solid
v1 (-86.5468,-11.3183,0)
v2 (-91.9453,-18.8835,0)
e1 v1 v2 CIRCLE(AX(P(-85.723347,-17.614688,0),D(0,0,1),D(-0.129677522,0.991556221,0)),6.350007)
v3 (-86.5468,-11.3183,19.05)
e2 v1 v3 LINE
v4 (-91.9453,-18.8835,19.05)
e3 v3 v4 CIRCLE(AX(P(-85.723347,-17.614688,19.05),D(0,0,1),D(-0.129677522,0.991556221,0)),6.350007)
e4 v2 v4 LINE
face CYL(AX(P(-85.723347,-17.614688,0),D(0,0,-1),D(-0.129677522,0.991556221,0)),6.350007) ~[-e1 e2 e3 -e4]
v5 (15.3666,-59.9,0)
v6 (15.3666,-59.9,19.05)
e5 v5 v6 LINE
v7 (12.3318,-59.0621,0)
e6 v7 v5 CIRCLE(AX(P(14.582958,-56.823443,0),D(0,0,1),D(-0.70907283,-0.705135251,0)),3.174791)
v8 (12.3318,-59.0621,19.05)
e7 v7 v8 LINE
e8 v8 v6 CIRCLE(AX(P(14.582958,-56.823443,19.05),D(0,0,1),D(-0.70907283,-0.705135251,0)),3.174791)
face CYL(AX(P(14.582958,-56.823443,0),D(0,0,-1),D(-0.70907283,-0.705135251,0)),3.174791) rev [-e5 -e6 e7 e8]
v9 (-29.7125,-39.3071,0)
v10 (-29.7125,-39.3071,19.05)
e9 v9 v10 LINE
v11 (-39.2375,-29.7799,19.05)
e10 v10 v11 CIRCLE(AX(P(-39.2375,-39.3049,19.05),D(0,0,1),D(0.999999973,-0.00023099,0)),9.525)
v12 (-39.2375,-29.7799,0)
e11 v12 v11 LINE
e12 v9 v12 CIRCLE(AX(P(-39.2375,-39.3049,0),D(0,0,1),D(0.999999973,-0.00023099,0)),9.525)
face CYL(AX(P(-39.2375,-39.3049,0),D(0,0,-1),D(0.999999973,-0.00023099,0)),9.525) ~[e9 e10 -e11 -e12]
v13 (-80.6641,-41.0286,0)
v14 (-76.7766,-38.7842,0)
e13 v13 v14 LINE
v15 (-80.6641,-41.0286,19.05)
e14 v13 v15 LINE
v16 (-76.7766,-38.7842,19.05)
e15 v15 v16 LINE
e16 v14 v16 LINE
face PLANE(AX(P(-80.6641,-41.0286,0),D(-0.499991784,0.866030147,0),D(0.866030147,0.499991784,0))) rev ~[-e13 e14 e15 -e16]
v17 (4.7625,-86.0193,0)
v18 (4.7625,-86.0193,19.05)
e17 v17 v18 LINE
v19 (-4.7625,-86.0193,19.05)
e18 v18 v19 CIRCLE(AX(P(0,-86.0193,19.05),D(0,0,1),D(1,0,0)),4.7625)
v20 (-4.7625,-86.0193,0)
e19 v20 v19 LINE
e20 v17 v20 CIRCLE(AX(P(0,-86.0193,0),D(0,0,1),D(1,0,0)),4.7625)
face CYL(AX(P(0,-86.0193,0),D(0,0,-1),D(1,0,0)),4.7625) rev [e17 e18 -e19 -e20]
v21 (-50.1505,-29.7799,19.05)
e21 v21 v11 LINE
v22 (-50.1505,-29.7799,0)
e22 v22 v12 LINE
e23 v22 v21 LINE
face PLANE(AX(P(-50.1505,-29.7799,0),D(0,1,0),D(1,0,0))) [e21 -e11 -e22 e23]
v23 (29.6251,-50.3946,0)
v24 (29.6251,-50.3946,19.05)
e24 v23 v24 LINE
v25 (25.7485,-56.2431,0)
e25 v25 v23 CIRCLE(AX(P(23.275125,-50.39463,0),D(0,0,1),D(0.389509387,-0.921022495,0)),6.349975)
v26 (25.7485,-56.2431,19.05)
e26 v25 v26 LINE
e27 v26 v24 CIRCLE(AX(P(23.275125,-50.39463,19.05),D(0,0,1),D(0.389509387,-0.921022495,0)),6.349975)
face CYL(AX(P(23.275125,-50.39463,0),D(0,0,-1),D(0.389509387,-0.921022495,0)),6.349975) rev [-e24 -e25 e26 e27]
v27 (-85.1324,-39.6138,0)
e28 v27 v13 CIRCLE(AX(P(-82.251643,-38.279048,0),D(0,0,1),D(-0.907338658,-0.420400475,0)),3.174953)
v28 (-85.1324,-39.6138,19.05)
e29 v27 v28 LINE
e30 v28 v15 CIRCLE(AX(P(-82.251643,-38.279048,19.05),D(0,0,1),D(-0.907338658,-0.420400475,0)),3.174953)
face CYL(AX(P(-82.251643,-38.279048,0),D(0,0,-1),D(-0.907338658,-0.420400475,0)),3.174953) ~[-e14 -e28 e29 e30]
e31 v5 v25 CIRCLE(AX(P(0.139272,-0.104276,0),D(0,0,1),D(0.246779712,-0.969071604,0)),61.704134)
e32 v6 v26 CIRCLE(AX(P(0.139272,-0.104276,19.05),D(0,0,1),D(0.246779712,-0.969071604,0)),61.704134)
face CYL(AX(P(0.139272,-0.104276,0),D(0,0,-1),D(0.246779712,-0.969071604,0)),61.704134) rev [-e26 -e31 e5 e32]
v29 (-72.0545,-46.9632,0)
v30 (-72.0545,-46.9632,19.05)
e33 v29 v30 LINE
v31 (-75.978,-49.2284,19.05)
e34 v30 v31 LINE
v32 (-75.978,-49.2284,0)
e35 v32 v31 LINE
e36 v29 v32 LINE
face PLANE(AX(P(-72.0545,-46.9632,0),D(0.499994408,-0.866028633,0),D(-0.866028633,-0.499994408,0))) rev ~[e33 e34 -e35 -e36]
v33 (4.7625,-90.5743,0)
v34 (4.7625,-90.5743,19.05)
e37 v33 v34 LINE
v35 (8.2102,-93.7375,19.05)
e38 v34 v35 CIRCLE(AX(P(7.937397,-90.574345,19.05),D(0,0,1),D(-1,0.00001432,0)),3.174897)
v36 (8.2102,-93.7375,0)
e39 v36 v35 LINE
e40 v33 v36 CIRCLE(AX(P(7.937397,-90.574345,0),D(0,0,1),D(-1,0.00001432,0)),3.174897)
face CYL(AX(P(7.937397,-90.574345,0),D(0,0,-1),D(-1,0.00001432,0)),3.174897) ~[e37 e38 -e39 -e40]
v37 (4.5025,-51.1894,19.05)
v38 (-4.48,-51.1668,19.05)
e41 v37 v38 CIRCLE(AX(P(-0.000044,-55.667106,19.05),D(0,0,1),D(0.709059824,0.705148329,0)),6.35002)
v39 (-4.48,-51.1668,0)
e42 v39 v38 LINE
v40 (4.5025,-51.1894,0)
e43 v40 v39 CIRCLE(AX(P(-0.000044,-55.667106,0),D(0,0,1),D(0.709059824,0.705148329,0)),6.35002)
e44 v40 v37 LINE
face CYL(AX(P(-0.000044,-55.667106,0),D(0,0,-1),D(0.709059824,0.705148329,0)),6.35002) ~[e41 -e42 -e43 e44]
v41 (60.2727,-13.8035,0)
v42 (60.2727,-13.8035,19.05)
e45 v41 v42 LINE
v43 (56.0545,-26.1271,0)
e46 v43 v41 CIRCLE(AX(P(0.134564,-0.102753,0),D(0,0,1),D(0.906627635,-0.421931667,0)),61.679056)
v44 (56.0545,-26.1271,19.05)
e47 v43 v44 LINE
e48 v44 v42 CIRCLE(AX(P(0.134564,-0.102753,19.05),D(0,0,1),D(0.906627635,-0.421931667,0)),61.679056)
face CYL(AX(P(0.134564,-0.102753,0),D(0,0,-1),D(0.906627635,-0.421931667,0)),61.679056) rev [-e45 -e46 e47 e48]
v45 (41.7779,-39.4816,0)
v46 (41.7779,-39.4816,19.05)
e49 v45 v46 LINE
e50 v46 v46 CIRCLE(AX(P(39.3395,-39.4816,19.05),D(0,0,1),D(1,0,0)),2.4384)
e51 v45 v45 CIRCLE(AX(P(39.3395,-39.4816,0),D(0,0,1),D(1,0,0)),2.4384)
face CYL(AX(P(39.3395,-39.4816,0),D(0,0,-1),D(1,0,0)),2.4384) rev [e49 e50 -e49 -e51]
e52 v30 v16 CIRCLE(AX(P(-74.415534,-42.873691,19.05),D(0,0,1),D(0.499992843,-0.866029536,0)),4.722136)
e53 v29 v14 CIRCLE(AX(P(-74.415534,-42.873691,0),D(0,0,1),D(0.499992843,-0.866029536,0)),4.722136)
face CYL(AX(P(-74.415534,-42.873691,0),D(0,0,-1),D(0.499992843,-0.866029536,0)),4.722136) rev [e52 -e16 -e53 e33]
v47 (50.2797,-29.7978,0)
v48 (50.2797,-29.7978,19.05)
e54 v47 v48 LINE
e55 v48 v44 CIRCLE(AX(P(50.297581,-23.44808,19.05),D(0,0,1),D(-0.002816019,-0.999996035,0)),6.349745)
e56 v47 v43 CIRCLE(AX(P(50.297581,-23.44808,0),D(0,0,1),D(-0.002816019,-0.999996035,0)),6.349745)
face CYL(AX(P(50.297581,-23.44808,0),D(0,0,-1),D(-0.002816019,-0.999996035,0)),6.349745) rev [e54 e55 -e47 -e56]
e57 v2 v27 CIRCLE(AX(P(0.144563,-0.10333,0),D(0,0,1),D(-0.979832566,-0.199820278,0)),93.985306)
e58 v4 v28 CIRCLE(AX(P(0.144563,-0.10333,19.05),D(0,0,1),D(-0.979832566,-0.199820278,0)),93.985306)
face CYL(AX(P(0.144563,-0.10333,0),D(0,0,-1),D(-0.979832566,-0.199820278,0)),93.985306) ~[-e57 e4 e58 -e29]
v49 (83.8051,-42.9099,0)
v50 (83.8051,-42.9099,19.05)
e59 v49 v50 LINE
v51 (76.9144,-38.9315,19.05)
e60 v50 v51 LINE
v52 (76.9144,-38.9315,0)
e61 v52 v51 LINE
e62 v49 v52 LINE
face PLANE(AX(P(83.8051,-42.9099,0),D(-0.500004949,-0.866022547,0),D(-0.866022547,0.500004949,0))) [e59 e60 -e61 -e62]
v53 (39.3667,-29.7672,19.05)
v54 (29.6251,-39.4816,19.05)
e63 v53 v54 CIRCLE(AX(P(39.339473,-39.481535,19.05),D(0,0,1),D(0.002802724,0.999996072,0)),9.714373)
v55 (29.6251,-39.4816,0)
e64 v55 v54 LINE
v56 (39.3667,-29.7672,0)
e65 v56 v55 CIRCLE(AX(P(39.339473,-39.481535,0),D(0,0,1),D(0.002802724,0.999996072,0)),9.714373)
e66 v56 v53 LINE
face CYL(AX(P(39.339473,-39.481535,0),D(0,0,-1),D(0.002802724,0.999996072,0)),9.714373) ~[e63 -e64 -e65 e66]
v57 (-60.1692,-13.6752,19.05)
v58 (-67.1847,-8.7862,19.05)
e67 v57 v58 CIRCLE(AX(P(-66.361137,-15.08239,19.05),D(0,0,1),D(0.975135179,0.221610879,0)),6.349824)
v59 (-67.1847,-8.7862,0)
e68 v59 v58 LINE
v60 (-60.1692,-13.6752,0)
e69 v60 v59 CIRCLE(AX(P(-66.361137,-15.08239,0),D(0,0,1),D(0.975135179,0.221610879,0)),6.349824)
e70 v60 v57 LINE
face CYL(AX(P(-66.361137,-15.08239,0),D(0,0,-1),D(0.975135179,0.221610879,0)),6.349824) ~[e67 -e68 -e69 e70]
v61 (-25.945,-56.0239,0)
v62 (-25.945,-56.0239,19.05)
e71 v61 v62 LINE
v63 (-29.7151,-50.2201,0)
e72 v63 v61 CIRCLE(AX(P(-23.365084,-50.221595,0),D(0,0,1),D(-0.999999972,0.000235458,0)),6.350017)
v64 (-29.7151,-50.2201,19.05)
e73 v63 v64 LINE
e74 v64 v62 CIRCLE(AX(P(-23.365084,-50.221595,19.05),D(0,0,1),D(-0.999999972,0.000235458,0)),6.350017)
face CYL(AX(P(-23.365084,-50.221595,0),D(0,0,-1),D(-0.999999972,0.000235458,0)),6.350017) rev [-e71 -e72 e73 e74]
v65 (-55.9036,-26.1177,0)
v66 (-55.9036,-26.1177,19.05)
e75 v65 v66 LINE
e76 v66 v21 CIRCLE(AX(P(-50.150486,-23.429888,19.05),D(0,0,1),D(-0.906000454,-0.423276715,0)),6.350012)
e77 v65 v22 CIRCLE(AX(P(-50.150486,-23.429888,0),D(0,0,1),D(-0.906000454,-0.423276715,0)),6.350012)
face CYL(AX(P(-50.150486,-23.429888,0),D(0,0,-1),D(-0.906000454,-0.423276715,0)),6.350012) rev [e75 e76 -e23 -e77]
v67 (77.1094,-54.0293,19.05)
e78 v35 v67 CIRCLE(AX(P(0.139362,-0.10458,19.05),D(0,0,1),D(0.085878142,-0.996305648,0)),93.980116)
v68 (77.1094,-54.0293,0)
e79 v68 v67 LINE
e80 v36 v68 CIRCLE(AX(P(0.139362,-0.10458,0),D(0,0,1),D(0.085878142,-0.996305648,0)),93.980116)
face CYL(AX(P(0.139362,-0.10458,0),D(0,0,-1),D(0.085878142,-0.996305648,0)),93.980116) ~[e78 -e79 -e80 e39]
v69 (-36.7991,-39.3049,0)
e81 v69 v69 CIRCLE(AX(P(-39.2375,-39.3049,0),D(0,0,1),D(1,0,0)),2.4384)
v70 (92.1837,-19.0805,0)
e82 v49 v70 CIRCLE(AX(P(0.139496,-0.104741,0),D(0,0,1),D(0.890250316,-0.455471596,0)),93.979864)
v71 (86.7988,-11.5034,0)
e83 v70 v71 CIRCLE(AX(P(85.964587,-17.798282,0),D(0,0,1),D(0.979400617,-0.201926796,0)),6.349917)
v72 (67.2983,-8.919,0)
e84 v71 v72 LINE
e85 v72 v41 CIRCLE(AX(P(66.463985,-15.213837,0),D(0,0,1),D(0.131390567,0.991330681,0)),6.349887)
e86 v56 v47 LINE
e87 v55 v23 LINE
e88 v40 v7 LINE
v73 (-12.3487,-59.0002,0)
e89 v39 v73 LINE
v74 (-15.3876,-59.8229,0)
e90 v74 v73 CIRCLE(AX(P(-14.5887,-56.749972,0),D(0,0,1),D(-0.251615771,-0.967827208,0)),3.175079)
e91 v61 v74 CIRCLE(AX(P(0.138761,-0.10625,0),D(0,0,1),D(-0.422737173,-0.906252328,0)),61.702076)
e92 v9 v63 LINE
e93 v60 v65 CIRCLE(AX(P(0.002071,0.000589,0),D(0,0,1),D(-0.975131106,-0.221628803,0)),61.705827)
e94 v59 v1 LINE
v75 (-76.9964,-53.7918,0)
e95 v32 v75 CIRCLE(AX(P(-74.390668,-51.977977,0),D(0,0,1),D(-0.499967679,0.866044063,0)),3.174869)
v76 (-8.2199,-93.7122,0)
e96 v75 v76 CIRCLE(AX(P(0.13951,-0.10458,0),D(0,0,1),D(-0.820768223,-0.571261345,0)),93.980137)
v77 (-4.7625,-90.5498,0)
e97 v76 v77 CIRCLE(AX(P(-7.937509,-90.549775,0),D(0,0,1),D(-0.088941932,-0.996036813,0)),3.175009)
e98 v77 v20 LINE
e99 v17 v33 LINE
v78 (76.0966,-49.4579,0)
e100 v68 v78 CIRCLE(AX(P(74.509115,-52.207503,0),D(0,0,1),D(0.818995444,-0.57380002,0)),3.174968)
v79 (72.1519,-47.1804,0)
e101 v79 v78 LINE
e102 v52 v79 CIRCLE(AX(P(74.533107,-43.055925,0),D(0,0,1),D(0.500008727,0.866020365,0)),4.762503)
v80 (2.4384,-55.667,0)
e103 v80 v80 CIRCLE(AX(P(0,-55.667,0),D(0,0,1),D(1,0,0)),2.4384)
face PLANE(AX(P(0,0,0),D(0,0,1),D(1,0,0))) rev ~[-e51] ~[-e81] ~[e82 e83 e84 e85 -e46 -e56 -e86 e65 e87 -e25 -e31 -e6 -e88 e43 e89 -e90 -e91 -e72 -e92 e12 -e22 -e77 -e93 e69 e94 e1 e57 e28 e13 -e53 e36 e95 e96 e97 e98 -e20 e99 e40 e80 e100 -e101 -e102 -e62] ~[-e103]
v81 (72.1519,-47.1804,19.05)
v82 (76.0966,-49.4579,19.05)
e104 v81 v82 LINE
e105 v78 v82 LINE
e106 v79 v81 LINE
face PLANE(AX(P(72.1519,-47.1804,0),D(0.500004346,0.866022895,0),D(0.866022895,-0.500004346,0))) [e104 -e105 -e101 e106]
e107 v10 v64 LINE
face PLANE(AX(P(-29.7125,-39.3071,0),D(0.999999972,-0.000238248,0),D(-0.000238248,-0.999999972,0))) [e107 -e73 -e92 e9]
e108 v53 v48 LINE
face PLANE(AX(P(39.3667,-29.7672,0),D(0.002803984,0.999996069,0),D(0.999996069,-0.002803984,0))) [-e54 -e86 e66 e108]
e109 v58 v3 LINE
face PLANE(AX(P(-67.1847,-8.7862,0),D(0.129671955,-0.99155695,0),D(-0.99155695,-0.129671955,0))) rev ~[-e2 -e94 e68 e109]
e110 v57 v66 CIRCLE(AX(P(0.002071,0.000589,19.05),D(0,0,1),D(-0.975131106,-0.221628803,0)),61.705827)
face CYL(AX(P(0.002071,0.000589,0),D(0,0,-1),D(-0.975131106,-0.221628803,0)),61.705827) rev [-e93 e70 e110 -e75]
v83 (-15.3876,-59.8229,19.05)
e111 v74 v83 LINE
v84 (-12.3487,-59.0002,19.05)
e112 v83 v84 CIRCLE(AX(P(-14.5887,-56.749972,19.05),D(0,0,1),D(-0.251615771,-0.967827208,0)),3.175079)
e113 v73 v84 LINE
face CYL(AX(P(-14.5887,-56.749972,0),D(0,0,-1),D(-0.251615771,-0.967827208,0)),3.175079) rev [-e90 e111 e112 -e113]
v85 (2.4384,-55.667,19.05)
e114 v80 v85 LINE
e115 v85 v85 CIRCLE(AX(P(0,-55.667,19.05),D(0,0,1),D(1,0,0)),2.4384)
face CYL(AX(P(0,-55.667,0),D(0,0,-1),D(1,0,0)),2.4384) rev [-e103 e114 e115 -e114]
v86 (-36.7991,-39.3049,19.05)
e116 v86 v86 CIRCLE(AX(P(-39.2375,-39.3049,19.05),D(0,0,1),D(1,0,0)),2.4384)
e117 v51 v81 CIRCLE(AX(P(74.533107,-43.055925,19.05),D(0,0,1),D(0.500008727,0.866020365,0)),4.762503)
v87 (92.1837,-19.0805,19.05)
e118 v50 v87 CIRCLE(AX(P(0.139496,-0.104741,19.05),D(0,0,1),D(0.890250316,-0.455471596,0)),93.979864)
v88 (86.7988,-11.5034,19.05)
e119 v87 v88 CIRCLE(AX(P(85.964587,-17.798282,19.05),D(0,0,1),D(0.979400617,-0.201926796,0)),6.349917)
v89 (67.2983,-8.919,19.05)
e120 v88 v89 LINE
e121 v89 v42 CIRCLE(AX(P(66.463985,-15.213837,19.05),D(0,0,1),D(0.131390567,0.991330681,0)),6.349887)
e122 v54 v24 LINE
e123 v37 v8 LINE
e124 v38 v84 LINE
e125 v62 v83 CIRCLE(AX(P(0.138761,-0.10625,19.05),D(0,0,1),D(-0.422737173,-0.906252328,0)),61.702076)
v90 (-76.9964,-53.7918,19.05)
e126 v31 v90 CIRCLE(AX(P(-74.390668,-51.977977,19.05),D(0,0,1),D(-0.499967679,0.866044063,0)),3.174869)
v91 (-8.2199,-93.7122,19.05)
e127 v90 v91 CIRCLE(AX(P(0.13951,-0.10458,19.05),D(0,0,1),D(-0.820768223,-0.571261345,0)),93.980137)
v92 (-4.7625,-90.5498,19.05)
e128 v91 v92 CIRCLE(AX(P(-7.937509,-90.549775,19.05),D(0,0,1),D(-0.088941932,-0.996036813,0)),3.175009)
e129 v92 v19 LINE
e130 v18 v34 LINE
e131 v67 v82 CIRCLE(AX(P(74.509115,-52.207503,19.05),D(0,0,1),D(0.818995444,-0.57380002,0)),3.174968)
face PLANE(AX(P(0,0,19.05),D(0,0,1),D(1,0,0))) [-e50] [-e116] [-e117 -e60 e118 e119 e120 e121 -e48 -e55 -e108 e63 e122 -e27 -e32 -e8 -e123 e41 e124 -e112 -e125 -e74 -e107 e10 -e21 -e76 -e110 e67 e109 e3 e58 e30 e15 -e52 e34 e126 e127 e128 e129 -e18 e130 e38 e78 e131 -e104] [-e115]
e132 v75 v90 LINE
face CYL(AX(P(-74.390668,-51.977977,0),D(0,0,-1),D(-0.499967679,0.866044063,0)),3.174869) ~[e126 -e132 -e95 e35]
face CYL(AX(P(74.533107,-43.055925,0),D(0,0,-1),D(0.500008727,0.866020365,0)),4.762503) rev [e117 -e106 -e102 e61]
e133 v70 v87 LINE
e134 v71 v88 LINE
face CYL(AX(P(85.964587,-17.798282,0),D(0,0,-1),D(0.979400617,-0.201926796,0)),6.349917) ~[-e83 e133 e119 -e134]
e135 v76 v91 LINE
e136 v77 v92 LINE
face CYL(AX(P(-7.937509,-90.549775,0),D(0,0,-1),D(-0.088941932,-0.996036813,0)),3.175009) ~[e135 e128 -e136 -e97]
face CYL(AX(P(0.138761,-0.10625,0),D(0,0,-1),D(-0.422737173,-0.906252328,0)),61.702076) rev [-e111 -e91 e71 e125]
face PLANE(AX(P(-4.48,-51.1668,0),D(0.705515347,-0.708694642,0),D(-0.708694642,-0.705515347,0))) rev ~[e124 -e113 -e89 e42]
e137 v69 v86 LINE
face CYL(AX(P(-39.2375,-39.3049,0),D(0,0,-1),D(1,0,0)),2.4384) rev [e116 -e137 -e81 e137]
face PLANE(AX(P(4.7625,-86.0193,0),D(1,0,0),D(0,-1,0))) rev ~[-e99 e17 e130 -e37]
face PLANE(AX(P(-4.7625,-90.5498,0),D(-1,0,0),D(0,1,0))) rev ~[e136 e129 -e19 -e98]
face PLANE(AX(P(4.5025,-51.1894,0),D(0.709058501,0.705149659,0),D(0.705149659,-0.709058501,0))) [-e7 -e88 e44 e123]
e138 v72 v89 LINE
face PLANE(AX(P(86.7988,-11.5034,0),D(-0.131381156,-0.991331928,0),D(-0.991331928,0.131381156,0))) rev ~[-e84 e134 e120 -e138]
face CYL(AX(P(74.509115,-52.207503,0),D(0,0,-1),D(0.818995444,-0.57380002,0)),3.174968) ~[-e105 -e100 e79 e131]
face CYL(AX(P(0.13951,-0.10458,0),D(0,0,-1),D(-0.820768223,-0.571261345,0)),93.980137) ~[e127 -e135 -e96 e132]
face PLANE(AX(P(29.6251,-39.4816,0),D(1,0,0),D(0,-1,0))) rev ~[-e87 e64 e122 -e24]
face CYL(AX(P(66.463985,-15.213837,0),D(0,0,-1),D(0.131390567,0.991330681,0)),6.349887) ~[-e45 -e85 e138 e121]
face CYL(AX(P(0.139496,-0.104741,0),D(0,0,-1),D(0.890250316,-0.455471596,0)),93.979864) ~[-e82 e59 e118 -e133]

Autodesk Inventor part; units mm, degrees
ref_plane "YZ Plane" through (0, 0, 0) normal (1, 0, 0) x (0, 1, 0)
ref_plane "XZ Plane" through (0, 0, 0) normal (0, 1, 0) x (-1, 0, 0)
ref_plane "XY Plane" through (0, 0, 0) normal (0, 0, 1) x (1, 0, 0)
sketch "Sketch1" plane through (0, 0, 0) normal (0, 0, 1) x (1, 0, 0)
  line L0 (0, 0) -> (-61.1827, -8.0012) construction
  line L1 (61.2899, -8.1227) -> (0, 0) construction
  line L2 (86.7988, -11.5034) -> (67.2983, -8.919)
  line L3 (-67.1847, -8.7862) -> (-86.5468, -11.3183)
  line L4 (0, 0) -> (0, -62.0753) construction
  line L5 (61.2899, -8.1227) -> (0, -62.0753) construction
  line L6 (-61.1827, -8.0012) -> (0, -62.0753) construction
  arc A0 (-29.7125, -39.3071) -> (-39.2375, -29.7799) centre (-39.2375, -39.3049) ccw
  arc A1 (-60.1692, -13.6752) -> (-55.9036, -26.1177) centre (0, 0) ccw
  arc A2 (56.0545, -26.1271) -> (60.2727, -13.8035) centre (0.1394, -0.1047) ccw
  line L7 (-50.1505, -29.7799) -> (-39.2375, -29.7799)
  line L8 (-29.7125, -39.3071) -> (-29.7151, -50.2201)
  arc A3 (39.3667, -29.7672) -> (29.6251, -39.4816) centre (39.3395, -39.4816) ccw
  line L9 (29.6251, -39.4816) -> (29.6251, -50.3946)
  line L10 (39.3667, -29.7672) -> (50.2797, -29.7978)
  circle A4 centre (0.1394, -0.1047) radius 55.5625 construction
  line L11 (-39.2375, -39.3049) -> (0.1394, -0.1047) construction
  line L12 (0.1394, -0.1047) -> (39.3395, -39.4816) construction
  line L13 (39.3395, -39.4816) -> (0, -62.0753) construction
  line L14 (-39.2375, -39.3049) -> (0, -62.0753) construction
  circle A5 centre (-39.2375, -39.3049) radius 2.4384
  circle A6 centre (39.3395, -39.4816) radius 2.4384
  arc A7 (-91.9453, -18.8835) -> (-85.1324, -39.6138) centre (0.1394, -0.1047) ccw
  arc A8 (-76.9964, -53.7918) -> (-8.2199, -93.7122) centre (0.1394, -0.1047) ccw
  arc A9 (8.2102, -93.7375) -> (77.1094, -54.0293) centre (0.1394, -0.1047) ccw
  arc A10 (83.8051, -42.9099) -> (92.1837, -19.0805) centre (0.1394, -0.1047) ccw
  line L15 (-93.0629, -12.1704) -> (-83.6165, -42.7332) construction
  line L16 (-78.9151, -50.9242) -> (-4.7625, -93.9568) construction
  line L17 (4.7625, -93.9709) -> (79.0426, -51.1588) construction
  line L18 (83.8051, -42.9099) -> (93.316, -12.3671) construction
  line L19 (0, -62.0753) -> (0, -103.9027) construction
  line L20 (-4.7625, -90.5498) -> (-4.7625, -86.0193)
  line L21 (4.7625, -86.0193) -> (4.7625, -90.5743)
  arc A11 (4.7625, -86.0193) -> (-4.7625, -86.0193) centre (0, -86.0193) ccw
  line L22 (0.1394, -0.1047) -> (81.6013, -47.1368) construction
  line L23 (83.8051, -42.9099) -> (76.9144, -38.9315)
  line L24 (72.1519, -47.1804) -> (76.0966, -49.4579)
  arc A12 (76.9144, -38.9315) -> (72.1519, -47.1804) centre (74.5331, -43.0559) ccw
  line L25 (0.1394, -0.1047) -> (-92.6905, -53.7001) construction
  line L26 (-80.6641, -41.0286) -> (-76.7766, -38.7842)
  line L27 (-72.0545, -46.9632) -> (-75.978, -49.2284)
  arc A13 (-72.0545, -46.9632) -> (-76.7766, -38.7842) centre (-74.4155, -42.8737) ccw
  arc A14 (-86.5468, -11.3183) -> (-91.9453, -18.8835) centre (-85.7234, -17.6146) ccw
  arc A15 (-60.1692, -13.6752) -> (-67.1847, -8.7862) centre (-66.3613, -15.0825) ccw
  arc A16 (-55.9036, -26.1177) -> (-50.1505, -29.7799) centre (-50.1505, -23.4299) ccw
  arc A17 (-29.7151, -50.2201) -> (-25.945, -56.0239) centre (-23.3651, -50.2216) ccw
  arc A18 (25.7485, -56.2431) -> (29.6251, -50.3946) centre (23.2751, -50.3946) ccw
  arc A19 (50.2797, -29.7978) -> (56.0545, -26.1271) centre (50.2975, -23.4478) ccw
  arc A20 (67.2983, -8.919) -> (60.2727, -13.8035) centre (66.464, -15.2139) ccw
  arc A21 (92.1837, -19.0805) -> (86.7988, -11.5034) centre (85.9645, -17.7983) ccw
  arc A22 (-85.1324, -39.6138) -> (-80.6641, -41.0286) centre (-82.2516, -38.279) ccw
  arc A23 (-75.978, -49.2284) -> (-76.9964, -53.7918) centre (-74.3905, -51.9781) ccw
  arc A24 (-8.2199, -93.7122) -> (-4.7625, -90.5498) centre (-7.9375, -90.5498) ccw
  arc A25 (4.7625, -90.5743) -> (8.2102, -93.7375) centre (7.9375, -90.5743) ccw
  arc A26 (77.1094, -54.0293) -> (76.0966, -49.4579) centre (74.5091, -52.2075) ccw
  arc A27 (4.5025, -51.1894) -> (-4.48, -51.1668) centre (0, -55.667) ccw
  arc A28 (-25.945, -56.0239) -> (-15.3876, -59.8229) centre (0.1394, -0.1047) ccw
  arc A29 (15.3666, -59.9) -> (25.7485, -56.2431) centre (0.1394, -0.1047) ccw
  line L28 (-4.48, -51.1668) -> (-12.3487, -59.0002)
  line L29 (4.5025, -51.1894) -> (12.3318, -59.0621)
  arc A30 (-15.3876, -59.8229) -> (-12.3487, -59.0002) centre (-14.5887, -56.75) ccw
  arc A31 (12.3318, -59.0621) -> (15.3666, -59.9) centre (14.5831, -56.8232) ccw
  circle A32 centre (0, -55.667) radius 2.4384
  point P0 (-54.0417, -29.7799)
  point P1 (-29.716, -54.3478)
  point P2 (29.6251, -54.3566)
  point P3 (54.1888, -29.8087)
  point P4 (-13.611, -60.2568)
  point P5 (13.5878, -60.325)
  dimension "d2" = 165
  dimension "d5" = 9.525
  dimension "d7" = 111.125
  dimension "d8" = 4.8768
  dimension "d9" = 93.98
  dimension "d10" = 4.7625
  dimension "d11" = 60
  dimension "d12" = 7.9375
  dimension "d13" = 60
  dimension "d16" = 6.35
  dimension "d17" = 3.175
  dimension "d18" = 6.35
  dimension "d19" = 3.175
extrude "Extrusion3" add sketch "Sketch1" along normal blind 19.05
properties part number "IFI_Wheel_Weight_8in" material "Aluminum-6061"
